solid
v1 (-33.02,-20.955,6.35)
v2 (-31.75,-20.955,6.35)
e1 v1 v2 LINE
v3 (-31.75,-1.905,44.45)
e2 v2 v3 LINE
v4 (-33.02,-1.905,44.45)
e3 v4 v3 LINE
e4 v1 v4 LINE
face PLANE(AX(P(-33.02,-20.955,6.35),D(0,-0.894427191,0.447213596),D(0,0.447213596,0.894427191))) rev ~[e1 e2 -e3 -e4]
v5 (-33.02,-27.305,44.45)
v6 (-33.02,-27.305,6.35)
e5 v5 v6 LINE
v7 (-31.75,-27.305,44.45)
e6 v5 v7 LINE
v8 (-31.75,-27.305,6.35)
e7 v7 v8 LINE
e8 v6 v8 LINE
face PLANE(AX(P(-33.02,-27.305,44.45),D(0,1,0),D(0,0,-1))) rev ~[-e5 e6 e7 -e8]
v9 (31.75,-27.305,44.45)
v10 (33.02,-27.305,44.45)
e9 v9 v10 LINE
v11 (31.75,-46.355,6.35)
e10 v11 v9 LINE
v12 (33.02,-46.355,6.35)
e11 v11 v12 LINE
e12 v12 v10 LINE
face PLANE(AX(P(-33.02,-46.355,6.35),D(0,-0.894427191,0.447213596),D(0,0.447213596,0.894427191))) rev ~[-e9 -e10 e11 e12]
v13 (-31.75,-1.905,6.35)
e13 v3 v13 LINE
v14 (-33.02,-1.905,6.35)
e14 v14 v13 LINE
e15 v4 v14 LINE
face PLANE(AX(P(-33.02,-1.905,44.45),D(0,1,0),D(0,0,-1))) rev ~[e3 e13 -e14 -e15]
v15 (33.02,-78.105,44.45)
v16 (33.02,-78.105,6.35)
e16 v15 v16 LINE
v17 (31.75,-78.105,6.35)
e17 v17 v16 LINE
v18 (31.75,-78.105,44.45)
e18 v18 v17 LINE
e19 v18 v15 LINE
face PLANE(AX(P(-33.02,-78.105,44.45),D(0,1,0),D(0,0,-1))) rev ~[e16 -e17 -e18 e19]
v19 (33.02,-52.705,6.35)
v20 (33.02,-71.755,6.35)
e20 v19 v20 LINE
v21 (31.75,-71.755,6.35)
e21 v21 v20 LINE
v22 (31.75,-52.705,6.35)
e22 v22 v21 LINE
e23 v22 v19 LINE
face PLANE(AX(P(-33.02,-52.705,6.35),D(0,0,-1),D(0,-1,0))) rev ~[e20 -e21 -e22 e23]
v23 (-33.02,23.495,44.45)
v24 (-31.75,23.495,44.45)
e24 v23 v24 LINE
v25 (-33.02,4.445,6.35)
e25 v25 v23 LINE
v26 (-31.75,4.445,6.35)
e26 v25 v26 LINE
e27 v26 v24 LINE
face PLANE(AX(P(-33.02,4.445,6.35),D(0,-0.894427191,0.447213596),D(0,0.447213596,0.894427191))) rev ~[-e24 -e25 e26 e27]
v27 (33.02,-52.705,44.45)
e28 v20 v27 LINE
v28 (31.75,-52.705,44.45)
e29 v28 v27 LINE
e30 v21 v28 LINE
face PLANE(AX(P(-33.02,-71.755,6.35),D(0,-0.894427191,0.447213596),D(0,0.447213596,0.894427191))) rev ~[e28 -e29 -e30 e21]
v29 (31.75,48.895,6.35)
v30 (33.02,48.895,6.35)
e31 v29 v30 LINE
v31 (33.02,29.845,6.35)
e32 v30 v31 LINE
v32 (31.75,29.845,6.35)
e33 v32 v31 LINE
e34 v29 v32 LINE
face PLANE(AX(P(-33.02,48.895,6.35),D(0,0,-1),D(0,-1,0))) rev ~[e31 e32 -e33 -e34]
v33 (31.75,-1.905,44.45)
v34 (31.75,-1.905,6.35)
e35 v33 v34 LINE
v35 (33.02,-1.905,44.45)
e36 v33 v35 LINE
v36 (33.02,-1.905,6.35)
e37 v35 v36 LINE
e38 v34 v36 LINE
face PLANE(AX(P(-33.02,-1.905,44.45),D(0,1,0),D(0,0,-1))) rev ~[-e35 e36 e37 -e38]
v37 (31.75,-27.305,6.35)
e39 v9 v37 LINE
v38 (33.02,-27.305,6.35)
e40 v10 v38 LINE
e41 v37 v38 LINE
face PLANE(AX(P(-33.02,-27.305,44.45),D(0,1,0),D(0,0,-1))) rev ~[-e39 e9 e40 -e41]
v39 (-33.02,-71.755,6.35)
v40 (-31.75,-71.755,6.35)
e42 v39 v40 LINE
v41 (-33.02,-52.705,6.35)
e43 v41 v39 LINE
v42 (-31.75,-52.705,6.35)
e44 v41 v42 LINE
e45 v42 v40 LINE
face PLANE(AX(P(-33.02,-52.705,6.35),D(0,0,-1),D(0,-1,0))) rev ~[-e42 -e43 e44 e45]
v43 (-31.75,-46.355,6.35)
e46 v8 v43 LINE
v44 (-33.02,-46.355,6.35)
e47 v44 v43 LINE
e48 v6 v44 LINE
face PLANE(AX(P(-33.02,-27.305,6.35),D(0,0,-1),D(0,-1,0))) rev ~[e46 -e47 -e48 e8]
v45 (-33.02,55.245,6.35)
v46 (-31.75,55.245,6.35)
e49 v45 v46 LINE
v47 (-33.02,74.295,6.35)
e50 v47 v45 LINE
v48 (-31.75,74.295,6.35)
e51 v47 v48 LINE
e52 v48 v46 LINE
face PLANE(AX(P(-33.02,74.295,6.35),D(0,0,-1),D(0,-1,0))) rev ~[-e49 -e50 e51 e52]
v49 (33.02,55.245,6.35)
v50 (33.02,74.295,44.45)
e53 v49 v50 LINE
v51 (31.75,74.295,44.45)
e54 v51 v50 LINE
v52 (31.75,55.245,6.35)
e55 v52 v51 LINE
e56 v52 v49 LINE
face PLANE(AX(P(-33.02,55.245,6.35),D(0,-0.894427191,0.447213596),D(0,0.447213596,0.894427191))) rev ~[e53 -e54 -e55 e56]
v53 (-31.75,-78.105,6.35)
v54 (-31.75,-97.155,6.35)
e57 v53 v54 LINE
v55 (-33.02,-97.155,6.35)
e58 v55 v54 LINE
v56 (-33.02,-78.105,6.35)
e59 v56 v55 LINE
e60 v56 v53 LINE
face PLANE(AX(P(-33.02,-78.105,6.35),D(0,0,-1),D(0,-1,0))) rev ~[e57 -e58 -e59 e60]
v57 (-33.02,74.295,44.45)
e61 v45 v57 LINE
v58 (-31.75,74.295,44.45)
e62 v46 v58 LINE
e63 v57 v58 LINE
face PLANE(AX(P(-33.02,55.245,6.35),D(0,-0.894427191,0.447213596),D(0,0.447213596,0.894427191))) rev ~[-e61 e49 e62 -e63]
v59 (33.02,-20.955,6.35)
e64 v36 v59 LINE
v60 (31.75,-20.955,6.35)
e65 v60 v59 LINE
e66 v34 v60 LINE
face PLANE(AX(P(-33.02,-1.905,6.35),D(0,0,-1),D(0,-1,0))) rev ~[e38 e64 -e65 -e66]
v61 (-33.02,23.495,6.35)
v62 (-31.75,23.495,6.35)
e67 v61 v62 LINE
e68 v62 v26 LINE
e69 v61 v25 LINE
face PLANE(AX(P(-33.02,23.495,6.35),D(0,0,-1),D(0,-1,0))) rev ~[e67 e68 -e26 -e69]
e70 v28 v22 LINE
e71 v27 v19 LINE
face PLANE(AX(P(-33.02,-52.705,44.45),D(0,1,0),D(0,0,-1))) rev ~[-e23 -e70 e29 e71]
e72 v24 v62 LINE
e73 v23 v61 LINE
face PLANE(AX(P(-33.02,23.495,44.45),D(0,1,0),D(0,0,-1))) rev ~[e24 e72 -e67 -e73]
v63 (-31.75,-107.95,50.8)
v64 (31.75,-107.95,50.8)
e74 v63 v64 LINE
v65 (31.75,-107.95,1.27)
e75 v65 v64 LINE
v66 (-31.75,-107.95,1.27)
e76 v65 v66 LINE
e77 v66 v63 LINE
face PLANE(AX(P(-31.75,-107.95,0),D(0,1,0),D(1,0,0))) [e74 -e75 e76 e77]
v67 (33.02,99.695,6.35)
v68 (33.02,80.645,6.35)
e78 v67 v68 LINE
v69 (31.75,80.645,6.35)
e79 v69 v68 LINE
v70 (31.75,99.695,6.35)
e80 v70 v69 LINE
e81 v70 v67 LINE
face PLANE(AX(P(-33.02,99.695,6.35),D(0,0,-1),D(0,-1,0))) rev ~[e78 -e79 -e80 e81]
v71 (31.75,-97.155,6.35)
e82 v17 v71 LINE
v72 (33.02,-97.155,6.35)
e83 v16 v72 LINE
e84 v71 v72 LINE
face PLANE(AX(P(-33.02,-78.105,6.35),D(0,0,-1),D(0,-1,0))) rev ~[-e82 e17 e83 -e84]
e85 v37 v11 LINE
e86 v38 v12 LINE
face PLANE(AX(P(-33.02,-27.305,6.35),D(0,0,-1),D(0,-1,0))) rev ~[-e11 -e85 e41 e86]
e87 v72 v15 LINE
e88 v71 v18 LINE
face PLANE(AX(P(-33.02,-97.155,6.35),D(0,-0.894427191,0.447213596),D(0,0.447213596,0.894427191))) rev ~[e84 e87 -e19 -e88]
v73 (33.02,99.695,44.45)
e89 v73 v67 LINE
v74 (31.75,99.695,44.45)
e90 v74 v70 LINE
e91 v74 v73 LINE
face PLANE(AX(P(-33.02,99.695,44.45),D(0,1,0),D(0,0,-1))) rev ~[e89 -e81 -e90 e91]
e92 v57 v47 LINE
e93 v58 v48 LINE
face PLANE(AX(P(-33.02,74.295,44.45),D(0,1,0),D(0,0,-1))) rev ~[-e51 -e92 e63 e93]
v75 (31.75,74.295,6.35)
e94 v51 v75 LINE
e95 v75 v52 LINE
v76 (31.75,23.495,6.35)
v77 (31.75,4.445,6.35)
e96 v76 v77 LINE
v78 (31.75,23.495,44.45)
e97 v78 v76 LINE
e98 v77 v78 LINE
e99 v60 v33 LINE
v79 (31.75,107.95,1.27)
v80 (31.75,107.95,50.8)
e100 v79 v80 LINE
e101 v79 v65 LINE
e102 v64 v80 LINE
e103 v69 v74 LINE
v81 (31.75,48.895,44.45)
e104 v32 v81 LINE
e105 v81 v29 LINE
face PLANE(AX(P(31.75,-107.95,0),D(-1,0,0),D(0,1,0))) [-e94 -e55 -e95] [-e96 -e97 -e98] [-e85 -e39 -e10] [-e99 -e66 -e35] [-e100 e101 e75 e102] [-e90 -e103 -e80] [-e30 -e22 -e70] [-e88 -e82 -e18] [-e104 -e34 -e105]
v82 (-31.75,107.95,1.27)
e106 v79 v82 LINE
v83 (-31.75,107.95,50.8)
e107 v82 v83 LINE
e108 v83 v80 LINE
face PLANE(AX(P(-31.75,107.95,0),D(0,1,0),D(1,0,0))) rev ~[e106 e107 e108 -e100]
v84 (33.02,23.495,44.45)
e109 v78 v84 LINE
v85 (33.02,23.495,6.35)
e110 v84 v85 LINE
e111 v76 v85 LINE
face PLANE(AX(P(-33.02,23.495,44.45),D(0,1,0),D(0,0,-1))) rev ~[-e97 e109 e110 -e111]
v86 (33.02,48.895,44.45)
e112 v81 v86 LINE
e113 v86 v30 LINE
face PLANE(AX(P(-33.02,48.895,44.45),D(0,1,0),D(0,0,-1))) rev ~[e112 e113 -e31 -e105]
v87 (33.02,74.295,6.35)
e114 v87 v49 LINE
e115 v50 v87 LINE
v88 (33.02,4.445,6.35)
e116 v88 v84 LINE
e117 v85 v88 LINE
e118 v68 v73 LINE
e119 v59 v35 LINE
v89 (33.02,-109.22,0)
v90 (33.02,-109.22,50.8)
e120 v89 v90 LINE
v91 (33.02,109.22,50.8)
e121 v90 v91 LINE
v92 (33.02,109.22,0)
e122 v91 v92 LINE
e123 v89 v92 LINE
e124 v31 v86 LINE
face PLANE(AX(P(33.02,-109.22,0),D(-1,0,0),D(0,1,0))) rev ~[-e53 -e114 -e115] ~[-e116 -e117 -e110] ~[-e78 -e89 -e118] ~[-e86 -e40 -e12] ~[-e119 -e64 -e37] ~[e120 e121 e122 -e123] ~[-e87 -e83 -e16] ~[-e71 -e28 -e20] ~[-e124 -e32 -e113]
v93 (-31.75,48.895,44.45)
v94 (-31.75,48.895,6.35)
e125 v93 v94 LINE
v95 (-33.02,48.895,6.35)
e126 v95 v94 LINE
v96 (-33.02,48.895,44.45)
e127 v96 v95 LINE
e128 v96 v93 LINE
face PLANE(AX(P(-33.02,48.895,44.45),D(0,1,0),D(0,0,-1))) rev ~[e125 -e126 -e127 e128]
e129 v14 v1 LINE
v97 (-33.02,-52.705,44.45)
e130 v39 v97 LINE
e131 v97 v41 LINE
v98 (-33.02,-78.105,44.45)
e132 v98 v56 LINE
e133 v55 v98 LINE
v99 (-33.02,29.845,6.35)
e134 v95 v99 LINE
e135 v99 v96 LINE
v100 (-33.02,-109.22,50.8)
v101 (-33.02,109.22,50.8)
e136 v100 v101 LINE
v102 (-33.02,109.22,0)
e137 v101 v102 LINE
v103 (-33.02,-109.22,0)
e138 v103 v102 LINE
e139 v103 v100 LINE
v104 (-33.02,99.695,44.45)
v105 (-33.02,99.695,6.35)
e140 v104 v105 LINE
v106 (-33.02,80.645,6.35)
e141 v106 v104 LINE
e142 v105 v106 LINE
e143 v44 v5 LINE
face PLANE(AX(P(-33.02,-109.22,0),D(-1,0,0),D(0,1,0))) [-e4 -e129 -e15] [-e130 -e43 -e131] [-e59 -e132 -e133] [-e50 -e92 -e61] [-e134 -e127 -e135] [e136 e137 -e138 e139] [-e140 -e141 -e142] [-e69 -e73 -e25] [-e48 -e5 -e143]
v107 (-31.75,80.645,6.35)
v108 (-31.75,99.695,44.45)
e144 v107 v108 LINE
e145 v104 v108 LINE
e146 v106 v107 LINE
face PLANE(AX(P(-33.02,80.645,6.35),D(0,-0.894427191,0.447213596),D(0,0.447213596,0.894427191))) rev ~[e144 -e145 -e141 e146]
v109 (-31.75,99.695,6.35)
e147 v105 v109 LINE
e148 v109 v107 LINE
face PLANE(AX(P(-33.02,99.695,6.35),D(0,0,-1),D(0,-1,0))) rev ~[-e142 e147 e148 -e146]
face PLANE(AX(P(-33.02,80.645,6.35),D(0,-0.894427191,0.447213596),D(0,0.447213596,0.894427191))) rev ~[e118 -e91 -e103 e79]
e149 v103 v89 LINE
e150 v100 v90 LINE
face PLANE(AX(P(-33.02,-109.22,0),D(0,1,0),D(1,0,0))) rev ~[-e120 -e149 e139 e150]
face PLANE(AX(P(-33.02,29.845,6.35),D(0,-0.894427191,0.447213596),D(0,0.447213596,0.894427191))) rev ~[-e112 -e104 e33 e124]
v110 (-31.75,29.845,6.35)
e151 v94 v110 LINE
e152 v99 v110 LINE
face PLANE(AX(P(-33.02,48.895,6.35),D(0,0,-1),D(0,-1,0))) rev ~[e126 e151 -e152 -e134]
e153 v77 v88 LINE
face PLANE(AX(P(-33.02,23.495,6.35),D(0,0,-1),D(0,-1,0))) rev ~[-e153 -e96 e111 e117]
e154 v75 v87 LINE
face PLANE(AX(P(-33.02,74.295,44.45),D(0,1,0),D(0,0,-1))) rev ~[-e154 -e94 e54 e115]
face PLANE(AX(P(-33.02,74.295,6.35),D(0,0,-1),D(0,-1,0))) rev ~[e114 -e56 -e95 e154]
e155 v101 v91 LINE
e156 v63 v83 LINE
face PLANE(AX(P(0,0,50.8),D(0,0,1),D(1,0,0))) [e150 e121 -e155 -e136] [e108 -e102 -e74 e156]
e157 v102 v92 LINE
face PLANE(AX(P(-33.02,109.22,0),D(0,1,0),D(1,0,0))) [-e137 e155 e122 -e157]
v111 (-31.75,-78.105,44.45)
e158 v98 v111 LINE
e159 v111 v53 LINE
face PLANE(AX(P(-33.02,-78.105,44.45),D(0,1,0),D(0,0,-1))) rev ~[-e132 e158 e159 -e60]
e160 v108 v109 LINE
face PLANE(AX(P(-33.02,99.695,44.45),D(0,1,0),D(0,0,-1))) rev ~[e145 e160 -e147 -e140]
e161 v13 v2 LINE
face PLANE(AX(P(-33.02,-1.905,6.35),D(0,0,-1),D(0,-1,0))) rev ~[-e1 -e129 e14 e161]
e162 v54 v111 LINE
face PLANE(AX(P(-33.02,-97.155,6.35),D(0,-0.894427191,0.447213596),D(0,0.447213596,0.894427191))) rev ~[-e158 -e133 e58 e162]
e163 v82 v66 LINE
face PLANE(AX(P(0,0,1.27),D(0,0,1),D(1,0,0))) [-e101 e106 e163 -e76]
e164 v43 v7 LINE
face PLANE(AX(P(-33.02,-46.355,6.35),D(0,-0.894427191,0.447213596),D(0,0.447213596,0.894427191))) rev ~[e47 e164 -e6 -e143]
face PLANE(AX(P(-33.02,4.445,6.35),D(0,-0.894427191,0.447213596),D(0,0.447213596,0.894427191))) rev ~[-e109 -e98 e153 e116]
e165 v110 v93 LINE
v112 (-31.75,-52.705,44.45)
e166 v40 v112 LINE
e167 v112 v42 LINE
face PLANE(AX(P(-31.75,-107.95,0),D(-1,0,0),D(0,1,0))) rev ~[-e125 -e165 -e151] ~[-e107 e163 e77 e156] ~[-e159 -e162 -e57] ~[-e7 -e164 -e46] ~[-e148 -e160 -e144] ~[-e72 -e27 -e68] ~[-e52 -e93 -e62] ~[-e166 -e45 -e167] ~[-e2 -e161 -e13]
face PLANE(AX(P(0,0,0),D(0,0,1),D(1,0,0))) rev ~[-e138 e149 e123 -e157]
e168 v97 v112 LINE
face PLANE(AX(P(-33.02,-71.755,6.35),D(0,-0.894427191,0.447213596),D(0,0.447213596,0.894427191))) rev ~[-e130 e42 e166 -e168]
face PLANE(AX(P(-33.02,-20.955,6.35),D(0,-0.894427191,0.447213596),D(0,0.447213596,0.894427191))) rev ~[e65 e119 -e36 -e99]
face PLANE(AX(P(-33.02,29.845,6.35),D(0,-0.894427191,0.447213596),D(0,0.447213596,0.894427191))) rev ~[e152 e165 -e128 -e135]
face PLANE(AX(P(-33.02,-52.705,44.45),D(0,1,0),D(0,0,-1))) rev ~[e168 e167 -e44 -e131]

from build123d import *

# Parameters (mm, degrees)
F0_W     = 66.04
F0_H     = 218.44
F0_W_2   = 63.5
F0_H_2   = 215.9
F1_DEPTH = 1.27
F2_DEPTH = 50.8
F4_DEPTH = 76.2


with BuildPart() as f1:
    # F0 (on Top) → F1 (new body)
    with BuildSketch(Plane.XY):
        Rectangle(F0_W, F0_H)
        Rectangle(F0_W_2, F0_H_2, mode=Mode.SUBTRACT)
        Rectangle(F0_W_2, F0_H_2)
    extrude(amount=F1_DEPTH)

    # F0 (on Top) → F2 (join)
    with BuildSketch(Plane.XY):
        Rectangle(F0_W, F0_H)
        Rectangle(F0_W_2, F0_H_2, mode=Mode.SUBTRACT)
    extrude(amount=F2_DEPTH)

    # F3 (on face) → F4 (cut)
    with BuildSketch(Plane(origin=(-33.02, 0, 0), x_dir=(0, -1, 0), z_dir=(-1, 0, 0))):
        Polygon((-80.645, 6.35), (-99.695, 44.45), (-99.695, 6.35), align=None)
        Polygon((-74.295, 6.35), (-55.245, 6.35), (-74.295, 44.45), align=None)
        Polygon((-48.895, 6.35), (-29.845, 6.35), (-48.895, 44.45), align=None)
        Polygon((-23.495, 6.35), (-4.445, 6.35), (-23.495, 44.45), align=None)
        Polygon((1.905, 6.35), (20.955, 6.35), (1.905, 44.45), align=None)
        Polygon((27.305, 6.35), (46.355, 6.35), (27.305, 44.45), align=None)
        Polygon((52.705, 6.35), (71.755, 6.35), (52.705, 44.45), align=None)
        Polygon((78.105, 6.35), (97.155, 6.35), (78.105, 44.45), align=None)
    extrude(amount=-F4_DEPTH, mode=Mode.SUBTRACT)


solid = f1.part
